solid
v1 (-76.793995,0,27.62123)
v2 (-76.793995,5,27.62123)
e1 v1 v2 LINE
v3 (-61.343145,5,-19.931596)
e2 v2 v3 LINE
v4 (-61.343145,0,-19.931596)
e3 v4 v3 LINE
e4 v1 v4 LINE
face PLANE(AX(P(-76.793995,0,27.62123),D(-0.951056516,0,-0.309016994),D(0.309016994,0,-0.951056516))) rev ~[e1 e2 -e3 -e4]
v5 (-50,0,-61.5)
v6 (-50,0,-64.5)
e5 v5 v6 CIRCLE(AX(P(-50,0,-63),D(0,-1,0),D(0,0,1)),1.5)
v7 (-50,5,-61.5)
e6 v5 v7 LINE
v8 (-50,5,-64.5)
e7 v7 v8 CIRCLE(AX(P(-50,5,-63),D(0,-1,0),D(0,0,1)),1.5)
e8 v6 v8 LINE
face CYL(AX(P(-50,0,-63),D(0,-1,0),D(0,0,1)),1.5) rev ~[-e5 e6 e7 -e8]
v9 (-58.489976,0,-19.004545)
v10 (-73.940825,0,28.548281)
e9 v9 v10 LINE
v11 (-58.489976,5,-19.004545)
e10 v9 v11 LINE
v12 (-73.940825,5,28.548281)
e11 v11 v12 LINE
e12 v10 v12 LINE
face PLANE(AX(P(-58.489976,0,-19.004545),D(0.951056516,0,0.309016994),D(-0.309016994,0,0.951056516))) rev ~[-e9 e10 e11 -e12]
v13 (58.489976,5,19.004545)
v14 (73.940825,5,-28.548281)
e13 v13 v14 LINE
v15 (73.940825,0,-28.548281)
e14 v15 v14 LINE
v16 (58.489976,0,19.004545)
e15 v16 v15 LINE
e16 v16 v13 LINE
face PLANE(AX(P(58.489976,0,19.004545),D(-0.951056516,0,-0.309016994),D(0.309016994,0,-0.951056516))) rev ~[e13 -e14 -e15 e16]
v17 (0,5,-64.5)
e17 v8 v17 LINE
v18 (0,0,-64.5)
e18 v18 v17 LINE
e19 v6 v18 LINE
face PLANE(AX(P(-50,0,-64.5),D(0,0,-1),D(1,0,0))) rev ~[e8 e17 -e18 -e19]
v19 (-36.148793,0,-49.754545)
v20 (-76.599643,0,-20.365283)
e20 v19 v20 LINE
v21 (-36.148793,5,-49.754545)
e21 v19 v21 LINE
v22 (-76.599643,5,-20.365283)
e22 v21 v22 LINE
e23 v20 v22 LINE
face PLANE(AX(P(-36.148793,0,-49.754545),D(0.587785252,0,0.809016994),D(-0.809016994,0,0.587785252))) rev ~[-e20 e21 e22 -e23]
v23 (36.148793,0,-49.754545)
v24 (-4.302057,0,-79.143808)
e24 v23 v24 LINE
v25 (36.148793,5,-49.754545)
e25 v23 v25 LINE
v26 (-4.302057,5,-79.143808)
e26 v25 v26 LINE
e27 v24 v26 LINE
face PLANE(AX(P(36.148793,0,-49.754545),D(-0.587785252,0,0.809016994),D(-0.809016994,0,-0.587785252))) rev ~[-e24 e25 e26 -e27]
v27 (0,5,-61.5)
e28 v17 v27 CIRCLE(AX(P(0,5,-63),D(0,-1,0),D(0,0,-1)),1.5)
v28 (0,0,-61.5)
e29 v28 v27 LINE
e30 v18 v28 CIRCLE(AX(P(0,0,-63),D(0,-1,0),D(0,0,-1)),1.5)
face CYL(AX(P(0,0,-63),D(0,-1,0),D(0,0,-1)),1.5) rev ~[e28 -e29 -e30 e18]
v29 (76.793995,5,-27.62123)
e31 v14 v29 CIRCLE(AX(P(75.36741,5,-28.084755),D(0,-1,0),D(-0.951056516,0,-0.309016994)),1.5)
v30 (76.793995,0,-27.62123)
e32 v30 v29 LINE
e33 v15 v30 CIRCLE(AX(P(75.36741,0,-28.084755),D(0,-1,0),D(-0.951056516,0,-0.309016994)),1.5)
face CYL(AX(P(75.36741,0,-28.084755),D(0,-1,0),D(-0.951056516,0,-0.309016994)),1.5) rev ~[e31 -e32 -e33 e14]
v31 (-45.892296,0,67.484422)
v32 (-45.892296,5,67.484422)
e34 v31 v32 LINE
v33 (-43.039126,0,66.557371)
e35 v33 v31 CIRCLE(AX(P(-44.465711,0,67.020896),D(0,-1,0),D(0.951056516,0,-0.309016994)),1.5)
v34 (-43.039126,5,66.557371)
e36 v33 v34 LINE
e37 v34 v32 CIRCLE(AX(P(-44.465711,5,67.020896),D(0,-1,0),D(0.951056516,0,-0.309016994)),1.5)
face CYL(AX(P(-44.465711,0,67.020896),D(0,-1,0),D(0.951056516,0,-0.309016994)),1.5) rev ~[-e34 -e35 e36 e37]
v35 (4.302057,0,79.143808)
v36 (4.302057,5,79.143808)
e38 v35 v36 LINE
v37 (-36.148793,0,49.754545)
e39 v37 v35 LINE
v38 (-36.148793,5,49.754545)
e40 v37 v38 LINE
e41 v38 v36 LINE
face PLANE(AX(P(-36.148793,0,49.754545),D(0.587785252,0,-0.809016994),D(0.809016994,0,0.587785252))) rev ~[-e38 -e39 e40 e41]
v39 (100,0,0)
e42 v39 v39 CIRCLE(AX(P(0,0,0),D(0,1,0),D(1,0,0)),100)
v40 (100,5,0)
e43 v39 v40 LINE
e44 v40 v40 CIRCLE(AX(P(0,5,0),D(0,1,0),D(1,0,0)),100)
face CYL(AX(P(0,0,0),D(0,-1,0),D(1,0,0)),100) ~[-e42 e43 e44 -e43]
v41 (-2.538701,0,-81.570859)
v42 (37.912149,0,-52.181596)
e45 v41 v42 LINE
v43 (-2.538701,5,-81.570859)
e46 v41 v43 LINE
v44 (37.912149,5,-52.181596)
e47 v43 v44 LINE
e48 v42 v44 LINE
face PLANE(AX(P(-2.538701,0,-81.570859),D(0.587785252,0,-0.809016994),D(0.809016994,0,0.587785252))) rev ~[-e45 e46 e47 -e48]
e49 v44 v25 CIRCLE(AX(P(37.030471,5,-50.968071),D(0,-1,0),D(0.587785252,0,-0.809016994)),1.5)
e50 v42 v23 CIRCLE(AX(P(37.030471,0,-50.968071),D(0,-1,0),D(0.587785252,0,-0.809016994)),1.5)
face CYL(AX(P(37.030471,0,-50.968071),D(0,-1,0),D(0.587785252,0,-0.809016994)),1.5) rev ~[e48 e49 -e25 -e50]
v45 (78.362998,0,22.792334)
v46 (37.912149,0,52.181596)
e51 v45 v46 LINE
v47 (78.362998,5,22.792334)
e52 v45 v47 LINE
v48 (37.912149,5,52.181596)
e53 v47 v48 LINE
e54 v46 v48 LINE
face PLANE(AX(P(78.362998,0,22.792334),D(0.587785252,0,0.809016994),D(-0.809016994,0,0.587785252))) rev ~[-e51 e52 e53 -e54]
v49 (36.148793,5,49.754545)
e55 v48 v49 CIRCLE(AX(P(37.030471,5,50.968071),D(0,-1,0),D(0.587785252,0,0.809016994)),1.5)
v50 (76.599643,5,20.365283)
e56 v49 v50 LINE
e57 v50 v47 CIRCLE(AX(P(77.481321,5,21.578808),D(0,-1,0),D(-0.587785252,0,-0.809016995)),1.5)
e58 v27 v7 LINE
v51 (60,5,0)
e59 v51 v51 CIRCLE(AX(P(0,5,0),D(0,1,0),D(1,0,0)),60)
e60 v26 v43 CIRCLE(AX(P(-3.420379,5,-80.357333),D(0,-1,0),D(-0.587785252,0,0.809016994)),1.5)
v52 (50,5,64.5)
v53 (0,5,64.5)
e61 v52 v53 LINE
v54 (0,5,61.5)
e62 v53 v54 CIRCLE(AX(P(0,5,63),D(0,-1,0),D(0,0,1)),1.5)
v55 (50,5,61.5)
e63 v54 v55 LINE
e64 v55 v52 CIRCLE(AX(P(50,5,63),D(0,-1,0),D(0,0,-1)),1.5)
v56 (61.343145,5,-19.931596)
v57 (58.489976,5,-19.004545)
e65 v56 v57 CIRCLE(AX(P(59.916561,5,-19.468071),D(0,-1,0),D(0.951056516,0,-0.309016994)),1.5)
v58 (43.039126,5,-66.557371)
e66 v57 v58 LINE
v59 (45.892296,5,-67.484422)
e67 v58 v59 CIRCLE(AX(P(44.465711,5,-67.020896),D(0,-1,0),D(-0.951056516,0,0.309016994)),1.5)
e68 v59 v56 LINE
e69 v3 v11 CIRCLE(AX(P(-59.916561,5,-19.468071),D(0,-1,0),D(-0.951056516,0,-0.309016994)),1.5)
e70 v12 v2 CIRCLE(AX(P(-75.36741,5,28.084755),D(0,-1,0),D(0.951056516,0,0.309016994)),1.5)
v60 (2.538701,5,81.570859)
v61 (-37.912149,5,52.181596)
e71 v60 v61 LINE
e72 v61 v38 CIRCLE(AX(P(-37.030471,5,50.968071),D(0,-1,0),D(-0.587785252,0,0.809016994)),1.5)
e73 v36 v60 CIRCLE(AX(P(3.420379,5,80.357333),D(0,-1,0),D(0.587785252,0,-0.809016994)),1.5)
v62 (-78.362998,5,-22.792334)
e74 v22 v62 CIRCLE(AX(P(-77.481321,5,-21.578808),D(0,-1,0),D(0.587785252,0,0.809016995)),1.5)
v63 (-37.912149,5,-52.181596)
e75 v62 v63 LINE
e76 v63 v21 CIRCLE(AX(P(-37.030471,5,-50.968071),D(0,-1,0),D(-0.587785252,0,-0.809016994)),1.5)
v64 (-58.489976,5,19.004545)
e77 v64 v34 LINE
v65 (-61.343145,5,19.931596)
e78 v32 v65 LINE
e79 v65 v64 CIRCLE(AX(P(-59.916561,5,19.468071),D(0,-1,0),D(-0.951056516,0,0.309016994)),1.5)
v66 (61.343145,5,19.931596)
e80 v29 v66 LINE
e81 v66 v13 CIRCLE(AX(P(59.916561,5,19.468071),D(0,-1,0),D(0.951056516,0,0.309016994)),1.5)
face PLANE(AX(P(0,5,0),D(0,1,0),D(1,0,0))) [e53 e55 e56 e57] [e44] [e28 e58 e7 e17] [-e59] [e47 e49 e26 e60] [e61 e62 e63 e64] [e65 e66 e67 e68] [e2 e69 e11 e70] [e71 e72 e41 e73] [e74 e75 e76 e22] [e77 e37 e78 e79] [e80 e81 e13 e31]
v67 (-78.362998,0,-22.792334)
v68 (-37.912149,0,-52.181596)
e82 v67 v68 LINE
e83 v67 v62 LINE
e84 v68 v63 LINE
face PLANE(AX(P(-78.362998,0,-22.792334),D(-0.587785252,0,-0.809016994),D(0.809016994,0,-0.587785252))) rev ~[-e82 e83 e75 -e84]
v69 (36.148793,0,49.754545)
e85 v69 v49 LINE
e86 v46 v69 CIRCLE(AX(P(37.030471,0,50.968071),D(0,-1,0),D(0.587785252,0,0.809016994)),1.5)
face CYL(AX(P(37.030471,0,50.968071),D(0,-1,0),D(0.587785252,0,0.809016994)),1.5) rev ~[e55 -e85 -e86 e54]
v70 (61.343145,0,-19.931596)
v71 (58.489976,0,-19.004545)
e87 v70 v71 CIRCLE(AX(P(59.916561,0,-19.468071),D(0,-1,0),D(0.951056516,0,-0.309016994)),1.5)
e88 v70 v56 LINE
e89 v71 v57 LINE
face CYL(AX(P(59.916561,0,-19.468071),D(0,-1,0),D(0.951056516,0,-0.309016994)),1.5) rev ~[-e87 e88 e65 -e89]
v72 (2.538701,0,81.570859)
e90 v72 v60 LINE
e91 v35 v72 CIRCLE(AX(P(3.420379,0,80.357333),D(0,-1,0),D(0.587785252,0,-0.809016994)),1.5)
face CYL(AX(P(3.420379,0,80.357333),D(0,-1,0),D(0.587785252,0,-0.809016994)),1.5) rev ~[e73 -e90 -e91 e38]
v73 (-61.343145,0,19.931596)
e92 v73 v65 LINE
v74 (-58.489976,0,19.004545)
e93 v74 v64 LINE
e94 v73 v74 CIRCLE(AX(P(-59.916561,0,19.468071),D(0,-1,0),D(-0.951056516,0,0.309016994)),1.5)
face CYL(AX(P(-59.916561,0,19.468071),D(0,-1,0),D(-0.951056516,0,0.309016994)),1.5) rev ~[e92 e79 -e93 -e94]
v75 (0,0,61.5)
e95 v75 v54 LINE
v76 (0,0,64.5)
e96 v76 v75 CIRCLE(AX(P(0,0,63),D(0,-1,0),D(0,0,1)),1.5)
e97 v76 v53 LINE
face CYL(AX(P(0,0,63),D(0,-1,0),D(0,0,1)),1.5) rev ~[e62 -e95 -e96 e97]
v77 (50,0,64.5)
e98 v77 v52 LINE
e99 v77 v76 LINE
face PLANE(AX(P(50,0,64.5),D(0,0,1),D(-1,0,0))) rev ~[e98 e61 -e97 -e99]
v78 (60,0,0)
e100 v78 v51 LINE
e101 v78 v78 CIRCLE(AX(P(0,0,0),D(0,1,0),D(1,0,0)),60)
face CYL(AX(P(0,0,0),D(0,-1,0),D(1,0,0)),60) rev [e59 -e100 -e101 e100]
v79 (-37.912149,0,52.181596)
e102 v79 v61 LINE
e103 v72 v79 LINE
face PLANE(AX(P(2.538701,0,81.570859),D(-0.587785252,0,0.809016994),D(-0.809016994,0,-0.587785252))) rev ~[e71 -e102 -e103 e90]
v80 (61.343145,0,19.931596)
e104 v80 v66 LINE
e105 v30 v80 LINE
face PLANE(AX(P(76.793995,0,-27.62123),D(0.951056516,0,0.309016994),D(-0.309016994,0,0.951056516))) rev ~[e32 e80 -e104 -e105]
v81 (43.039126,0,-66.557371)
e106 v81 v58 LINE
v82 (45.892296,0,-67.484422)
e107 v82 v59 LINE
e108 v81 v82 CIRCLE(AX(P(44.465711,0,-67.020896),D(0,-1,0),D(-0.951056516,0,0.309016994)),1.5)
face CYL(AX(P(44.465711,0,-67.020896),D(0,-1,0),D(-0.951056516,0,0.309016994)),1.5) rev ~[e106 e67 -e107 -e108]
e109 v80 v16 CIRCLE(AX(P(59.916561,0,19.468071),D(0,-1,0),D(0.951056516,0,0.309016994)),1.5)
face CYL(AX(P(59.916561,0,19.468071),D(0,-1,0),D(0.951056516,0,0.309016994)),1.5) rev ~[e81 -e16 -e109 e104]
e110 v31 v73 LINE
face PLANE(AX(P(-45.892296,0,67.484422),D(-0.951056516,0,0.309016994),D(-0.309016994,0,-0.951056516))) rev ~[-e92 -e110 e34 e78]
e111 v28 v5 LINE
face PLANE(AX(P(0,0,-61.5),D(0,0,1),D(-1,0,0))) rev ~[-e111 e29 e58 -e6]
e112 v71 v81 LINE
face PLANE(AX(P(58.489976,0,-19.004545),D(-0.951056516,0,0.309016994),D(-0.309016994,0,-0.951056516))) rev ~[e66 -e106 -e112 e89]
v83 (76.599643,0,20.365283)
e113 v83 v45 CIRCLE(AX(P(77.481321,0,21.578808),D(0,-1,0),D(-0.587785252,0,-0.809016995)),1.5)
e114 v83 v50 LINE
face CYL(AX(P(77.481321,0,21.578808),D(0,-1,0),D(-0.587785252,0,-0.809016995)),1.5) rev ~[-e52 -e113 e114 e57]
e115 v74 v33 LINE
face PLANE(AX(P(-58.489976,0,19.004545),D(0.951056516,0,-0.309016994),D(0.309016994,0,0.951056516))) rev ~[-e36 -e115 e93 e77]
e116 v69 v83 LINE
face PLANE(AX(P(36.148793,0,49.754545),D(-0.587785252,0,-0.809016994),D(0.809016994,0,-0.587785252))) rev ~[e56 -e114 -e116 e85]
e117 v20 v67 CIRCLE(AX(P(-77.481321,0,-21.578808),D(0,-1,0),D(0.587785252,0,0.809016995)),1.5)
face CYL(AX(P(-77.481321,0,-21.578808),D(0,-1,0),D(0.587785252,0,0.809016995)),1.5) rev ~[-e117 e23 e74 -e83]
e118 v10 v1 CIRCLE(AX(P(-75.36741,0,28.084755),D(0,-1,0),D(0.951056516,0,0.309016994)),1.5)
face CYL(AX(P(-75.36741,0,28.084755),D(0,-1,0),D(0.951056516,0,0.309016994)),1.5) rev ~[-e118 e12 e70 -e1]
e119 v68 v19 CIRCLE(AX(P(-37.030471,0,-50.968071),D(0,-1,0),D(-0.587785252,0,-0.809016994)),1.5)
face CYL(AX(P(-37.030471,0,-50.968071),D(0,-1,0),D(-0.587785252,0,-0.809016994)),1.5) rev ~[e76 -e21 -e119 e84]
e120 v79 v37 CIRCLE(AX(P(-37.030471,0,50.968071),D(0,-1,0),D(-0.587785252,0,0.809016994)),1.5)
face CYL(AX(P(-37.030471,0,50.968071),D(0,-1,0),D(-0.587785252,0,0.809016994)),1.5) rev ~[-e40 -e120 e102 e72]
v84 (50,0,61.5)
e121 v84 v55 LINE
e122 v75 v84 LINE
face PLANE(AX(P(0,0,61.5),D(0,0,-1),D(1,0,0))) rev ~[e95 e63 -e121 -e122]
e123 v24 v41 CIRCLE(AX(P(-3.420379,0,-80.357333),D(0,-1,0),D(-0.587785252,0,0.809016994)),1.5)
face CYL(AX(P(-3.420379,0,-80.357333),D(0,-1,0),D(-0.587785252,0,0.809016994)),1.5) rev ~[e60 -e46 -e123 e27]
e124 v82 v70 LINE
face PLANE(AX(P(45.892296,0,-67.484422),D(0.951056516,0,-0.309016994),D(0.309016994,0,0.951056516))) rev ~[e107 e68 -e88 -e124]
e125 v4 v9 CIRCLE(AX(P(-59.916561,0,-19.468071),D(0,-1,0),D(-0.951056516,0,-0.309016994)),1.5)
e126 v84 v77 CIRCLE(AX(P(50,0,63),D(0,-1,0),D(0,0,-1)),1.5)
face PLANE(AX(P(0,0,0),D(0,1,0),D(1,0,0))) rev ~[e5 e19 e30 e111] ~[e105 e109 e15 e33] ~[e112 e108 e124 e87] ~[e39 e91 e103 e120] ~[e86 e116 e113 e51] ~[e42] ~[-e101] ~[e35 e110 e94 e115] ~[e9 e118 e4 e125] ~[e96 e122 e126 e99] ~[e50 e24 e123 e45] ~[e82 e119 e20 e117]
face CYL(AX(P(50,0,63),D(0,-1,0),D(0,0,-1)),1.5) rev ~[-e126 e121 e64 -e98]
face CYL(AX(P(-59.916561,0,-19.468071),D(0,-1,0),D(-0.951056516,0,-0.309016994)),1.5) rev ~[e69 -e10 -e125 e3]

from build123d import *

# Parameters (mm, degrees)
SKETCH1_R           = 100
SKETCH1_R_2         = 60
BOSS_EXTRUDE1_DEPTH = 5


with BuildPart() as part:
    # Sketch1 → Boss-Extrude1 (new body)
    with BuildSketch(Plane(origin=(0, 0, 0), x_dir=(1, 0, 0), z_dir=(0, 1, 0))):
        Circle(SKETCH1_R)
        Circle(SKETCH1_R_2, mode=Mode.SUBTRACT)
        with BuildLine():
            Line((0, 61.5), (-50, 61.5))
            ThreePointArc((-50, 61.5), (-51.5, 63), (-50, 64.5))
            Line((-50, 64.5), (0, 64.5))
            ThreePointArc((0, 64.5), (1.5, 63), (0, 61.5))
        make_face(mode=Mode.SUBTRACT)
        with BuildLine():
            Line((36.148793016, 49.754545154), (-4.302056703, 79.143807769))
            ThreePointArc((-4.302056703, 79.143807769), (-4.633904316, 81.239011139), (-2.538700946, 81.570858752))
            Line((-2.538700946, 81.570858752), (37.912148773, 52.181596137))
            ThreePointArc((37.912148773, 52.181596137), (38.243996386, 50.086392767), (36.148793016, 49.754545154))
        make_face(mode=Mode.SUBTRACT)
        with BuildLine():
            Line((58.489975752, 19.004545154), (43.039126033, 66.557370969))
            ThreePointArc((43.039126033, 66.557370969), (44.002185316, 68.447481235), (45.892295582, 67.484421952))
            Line((45.892295582, 67.484421952), (61.343145301, 19.931596137))
            ThreePointArc((61.343145301, 19.931596137), (60.380086018, 18.041485871), (58.489975752, 19.004545154))
        make_face(mode=Mode.SUBTRACT)
        with BuildLine():
            Line((58.489975752, -19.004545154), (73.940825471, 28.548280661))
            ThreePointArc((73.940825471, 28.548280661), (75.830935737, 29.511339944), (76.79399502, 27.621229678))
            Line((76.79399502, 27.621229678), (61.343145301, -19.931596137))
            ThreePointArc((61.343145301, -19.931596137), (59.453035035, -20.89465542), (58.489975752, -19.004545154))
        make_face(mode=Mode.SUBTRACT)
        with BuildLine():
            Line((36.148793016, -49.754545154), (76.599642735, -20.365282539))
            ThreePointArc((76.599642735, -20.365282539), (78.694846105, -20.697130153), (78.362998492, -22.792333523))
            Line((78.362998492, -22.792333523), (37.912148773, -52.181596137))
            ThreePointArc((37.912148773, -52.181596137), (35.816945403, -51.849748524), (36.148793016, -49.754545154))
        make_face(mode=Mode.SUBTRACT)
        with BuildLine():
            Line((0, -61.5), (50, -61.5))
            ThreePointArc((50, -61.5), (51.5, -63), (50, -64.5))
            Line((50, -64.5), (0, -64.5))
            ThreePointArc((0, -64.5), (-1.5, -63), (0, -61.5))
        make_face(mode=Mode.SUBTRACT)
        with BuildLine():
            Line((-36.148793016, -49.754545154), (4.302056703, -79.143807769))
            ThreePointArc((4.302056703, -79.143807769), (4.633904316, -81.239011139), (2.538700946, -81.570858752))
            Line((2.538700946, -81.570858752), (-37.912148773, -52.181596137))
            ThreePointArc((-37.912148773, -52.181596137), (-38.243996386, -50.086392767), (-36.148793016, -49.754545154))
        make_face(mode=Mode.SUBTRACT)
        with BuildLine():
            Line((-58.489975752, -19.004545154), (-43.039126033, -66.557370969))
            ThreePointArc((-43.039126033, -66.557370969), (-44.002185316, -68.447481235), (-45.892295582, -67.484421952))
            Line((-45.892295582, -67.484421952), (-61.343145301, -19.931596137))
            ThreePointArc((-61.343145301, -19.931596137), (-60.380086018, -18.041485871), (-58.489975752, -19.004545154))
        make_face(mode=Mode.SUBTRACT)
        with BuildLine():
            Line((-58.489975752, 19.004545154), (-73.940825471, -28.548280661))
            ThreePointArc((-73.940825471, -28.548280661), (-75.830935737, -29.511339944), (-76.79399502, -27.621229678))
            Line((-76.79399502, -27.621229678), (-61.343145301, 19.931596137))
            ThreePointArc((-61.343145301, 19.931596137), (-59.453035035, 20.89465542), (-58.489975752, 19.004545154))
        make_face(mode=Mode.SUBTRACT)
        with BuildLine():
            Line((-36.148793016, 49.754545154), (-76.599642735, 20.365282539))
            ThreePointArc((-76.599642735, 20.365282539), (-78.694846105, 20.697130153), (-78.362998492, 22.792333523))
            Line((-78.362998492, 22.792333523), (-37.912148773, 52.181596137))
            ThreePointArc((-37.912148773, 52.181596137), (-35.816945403, 51.849748524), (-36.148793016, 49.754545154))
        make_face(mode=Mode.SUBTRACT)
    extrude(amount=BOSS_EXTRUDE1_DEPTH)


solid = part.part
